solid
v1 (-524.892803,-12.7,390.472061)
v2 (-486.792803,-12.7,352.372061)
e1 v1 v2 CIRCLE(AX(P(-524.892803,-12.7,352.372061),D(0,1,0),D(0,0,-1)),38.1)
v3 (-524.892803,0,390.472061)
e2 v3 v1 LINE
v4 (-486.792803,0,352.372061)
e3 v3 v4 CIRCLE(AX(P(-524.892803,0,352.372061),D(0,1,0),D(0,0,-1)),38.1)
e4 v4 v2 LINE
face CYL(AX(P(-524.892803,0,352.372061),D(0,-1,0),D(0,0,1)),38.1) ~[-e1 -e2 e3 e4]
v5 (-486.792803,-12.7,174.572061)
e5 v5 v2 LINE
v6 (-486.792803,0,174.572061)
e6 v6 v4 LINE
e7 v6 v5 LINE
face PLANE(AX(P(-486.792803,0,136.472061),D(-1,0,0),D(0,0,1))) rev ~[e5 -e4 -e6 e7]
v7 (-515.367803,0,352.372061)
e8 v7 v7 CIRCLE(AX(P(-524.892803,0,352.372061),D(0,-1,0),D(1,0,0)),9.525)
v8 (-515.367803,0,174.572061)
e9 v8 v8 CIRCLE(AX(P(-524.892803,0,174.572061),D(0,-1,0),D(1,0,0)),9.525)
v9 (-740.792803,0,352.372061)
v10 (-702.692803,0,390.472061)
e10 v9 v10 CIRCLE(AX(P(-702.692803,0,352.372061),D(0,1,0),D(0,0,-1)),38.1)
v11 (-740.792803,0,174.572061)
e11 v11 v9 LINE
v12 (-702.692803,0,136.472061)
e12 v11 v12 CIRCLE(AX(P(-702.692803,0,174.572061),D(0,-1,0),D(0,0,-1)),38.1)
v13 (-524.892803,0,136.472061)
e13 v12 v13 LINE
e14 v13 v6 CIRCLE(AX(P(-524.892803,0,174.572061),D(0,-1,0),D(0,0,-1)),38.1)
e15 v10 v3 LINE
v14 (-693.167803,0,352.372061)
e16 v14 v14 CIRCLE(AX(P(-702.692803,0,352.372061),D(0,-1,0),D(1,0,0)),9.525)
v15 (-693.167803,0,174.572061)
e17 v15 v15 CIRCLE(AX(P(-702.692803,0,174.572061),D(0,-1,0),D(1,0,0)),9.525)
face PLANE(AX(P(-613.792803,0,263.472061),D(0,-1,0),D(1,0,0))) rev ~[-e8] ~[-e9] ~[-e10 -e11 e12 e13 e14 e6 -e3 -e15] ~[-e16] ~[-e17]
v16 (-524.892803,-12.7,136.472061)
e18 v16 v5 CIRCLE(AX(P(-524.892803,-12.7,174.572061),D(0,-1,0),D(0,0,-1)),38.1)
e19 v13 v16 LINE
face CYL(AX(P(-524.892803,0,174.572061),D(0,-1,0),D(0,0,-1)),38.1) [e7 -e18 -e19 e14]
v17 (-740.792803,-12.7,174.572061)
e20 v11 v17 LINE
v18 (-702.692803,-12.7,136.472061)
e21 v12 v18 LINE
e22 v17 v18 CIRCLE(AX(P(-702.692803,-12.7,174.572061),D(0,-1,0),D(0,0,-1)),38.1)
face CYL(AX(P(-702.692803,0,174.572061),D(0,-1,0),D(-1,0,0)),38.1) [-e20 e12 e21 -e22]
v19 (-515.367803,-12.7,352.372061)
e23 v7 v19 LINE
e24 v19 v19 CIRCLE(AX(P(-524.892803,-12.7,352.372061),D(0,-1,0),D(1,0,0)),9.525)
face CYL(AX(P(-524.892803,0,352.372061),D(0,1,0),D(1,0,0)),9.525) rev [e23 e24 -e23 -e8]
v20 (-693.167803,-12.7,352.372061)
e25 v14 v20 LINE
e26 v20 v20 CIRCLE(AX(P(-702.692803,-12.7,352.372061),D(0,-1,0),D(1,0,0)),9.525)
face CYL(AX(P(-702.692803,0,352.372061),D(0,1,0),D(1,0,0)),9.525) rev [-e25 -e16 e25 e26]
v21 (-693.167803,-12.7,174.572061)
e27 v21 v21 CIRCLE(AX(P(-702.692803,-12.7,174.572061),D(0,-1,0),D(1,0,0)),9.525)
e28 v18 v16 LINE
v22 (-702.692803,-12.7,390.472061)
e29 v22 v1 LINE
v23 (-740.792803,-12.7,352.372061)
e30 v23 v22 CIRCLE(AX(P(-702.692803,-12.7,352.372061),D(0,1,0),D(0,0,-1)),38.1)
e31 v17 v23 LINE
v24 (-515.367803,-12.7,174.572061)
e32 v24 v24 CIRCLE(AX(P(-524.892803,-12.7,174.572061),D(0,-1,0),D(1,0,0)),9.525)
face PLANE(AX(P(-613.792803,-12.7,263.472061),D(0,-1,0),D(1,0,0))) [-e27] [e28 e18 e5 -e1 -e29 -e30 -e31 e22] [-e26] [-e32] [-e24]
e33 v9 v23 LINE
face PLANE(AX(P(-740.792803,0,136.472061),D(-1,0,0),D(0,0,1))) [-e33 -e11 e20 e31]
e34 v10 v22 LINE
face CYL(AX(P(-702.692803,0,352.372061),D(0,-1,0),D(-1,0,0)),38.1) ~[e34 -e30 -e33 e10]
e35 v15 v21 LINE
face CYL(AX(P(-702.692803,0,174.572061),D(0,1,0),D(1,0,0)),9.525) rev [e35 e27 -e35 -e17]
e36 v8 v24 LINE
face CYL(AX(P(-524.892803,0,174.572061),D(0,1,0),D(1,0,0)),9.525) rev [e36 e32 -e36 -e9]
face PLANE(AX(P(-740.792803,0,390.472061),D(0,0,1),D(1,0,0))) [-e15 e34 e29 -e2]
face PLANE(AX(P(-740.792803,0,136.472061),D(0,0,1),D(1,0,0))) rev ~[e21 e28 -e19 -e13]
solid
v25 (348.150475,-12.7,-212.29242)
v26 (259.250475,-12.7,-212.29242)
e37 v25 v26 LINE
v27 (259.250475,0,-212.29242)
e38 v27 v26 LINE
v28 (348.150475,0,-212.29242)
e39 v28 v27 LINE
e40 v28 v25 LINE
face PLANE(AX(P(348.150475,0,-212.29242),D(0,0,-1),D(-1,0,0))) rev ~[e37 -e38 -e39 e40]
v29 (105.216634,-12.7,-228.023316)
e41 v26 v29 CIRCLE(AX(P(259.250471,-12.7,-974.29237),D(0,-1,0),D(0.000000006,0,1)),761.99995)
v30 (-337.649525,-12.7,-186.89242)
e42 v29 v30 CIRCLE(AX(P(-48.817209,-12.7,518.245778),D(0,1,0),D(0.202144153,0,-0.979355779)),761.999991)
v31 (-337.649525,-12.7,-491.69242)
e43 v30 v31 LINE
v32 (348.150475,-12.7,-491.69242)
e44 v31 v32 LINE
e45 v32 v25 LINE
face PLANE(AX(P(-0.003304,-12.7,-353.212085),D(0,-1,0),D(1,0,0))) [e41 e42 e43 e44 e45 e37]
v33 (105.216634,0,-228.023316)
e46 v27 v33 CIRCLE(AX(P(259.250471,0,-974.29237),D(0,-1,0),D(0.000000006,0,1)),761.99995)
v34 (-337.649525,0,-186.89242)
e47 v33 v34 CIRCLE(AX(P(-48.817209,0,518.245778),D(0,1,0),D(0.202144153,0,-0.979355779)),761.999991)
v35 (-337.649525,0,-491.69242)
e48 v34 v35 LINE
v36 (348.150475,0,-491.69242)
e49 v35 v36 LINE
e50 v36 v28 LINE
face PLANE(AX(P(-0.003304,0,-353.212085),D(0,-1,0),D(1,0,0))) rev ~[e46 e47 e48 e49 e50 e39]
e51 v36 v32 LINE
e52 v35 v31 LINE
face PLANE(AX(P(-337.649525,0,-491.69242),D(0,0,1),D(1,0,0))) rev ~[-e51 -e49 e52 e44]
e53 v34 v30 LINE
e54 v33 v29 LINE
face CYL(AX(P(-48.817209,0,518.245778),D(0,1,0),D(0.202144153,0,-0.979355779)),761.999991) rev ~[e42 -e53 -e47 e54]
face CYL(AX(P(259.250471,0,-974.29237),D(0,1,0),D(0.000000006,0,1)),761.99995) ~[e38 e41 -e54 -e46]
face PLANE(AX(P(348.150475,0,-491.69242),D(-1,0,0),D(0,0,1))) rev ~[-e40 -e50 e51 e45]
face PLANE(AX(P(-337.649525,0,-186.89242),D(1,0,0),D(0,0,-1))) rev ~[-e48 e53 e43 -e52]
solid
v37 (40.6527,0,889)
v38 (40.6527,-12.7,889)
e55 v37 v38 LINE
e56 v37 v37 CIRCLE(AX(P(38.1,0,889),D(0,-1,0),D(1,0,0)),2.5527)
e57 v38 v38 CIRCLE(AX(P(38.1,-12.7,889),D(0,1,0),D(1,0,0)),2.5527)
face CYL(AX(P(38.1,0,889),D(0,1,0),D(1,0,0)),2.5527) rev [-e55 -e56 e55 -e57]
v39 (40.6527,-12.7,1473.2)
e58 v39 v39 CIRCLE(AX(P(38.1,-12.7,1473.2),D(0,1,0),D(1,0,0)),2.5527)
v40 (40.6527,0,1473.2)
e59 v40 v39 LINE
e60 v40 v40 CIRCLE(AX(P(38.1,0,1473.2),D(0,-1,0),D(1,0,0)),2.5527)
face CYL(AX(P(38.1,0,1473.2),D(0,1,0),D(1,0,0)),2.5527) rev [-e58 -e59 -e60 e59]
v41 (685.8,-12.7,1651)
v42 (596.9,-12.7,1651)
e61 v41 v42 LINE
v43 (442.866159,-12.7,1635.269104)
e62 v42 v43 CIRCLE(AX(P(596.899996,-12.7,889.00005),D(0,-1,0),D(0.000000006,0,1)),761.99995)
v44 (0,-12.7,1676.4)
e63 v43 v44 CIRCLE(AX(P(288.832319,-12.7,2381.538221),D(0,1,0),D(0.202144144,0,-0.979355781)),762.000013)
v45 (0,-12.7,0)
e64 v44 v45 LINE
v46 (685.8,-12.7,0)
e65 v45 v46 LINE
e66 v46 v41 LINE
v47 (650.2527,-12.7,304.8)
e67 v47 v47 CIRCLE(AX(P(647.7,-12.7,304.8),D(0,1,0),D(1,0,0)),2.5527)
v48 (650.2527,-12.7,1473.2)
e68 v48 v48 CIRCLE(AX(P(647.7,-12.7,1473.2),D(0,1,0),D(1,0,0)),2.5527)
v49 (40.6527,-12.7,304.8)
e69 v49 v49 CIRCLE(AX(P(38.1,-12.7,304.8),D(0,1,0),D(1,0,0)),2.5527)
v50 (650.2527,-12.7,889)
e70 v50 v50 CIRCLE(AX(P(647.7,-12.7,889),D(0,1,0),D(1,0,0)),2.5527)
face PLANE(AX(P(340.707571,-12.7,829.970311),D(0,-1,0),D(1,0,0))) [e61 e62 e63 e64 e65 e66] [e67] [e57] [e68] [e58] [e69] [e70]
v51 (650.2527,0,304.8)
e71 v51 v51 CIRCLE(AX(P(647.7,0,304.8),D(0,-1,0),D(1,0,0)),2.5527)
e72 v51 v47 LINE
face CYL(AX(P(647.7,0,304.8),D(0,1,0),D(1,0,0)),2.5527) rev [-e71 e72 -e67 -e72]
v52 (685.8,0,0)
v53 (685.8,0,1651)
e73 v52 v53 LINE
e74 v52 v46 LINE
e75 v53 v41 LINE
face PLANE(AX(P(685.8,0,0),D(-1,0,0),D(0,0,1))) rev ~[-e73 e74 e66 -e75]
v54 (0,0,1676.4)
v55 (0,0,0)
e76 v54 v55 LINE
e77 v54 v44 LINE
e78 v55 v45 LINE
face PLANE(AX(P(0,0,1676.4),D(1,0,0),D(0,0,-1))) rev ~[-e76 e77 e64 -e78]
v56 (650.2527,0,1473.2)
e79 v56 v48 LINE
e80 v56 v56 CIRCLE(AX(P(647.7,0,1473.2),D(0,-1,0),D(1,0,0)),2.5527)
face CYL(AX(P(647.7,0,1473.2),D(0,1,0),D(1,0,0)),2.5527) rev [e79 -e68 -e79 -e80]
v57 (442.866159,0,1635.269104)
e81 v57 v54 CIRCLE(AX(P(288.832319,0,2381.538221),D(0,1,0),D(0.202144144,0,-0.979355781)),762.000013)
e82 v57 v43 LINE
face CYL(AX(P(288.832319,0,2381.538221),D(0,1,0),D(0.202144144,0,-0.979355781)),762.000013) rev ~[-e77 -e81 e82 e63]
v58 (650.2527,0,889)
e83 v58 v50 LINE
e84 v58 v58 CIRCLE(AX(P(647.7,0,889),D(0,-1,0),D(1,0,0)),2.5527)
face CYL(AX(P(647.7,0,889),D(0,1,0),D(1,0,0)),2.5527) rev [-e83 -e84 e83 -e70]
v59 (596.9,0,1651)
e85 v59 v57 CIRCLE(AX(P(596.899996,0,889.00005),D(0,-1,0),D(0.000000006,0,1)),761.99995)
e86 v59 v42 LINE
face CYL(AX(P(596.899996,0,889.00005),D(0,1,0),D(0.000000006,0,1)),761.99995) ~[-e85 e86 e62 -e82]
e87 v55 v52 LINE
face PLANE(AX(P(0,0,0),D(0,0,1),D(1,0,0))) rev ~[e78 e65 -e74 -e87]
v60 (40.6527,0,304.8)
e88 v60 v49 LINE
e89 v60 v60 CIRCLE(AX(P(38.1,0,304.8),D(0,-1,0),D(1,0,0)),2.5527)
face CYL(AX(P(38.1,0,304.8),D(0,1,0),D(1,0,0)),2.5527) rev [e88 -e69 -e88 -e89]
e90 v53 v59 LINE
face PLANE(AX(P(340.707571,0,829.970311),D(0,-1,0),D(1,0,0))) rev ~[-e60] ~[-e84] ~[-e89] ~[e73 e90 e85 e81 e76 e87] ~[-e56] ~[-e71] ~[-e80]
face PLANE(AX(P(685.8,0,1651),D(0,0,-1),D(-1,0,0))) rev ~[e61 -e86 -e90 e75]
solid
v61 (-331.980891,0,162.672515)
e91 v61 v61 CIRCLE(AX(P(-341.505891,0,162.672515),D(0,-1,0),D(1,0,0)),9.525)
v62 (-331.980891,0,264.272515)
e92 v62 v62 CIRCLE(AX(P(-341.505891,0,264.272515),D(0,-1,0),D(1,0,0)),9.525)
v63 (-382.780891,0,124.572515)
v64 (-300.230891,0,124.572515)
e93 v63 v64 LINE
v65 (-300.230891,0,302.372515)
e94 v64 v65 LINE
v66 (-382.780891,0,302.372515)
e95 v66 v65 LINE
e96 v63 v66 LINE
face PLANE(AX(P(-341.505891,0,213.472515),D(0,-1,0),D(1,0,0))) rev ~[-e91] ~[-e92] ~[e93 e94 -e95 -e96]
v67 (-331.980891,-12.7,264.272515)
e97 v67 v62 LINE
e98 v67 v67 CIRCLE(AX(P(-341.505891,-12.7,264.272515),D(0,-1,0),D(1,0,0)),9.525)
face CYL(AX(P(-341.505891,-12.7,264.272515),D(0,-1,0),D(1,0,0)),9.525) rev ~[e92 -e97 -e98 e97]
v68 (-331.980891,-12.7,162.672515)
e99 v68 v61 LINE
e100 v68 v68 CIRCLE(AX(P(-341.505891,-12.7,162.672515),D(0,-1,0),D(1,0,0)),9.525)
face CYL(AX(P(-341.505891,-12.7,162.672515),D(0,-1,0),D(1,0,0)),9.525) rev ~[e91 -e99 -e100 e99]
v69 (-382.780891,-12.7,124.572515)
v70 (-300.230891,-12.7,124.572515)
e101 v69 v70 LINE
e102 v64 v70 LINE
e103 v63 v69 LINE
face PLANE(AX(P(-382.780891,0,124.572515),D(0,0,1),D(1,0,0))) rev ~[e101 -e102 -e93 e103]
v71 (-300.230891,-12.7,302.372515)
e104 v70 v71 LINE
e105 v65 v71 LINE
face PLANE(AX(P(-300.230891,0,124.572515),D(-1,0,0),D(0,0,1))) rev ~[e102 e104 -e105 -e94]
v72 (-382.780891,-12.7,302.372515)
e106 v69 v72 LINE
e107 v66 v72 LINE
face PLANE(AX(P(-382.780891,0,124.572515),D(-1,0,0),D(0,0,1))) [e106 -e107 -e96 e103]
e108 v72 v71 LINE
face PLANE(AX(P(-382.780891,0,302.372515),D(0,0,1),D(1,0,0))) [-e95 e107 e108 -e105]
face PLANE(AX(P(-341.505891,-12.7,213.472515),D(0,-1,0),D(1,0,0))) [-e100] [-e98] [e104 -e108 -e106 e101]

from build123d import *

# Parameters (mm, degrees)
F1_DEPTH  = 12.7
F2_R      = 2.5527
F3_DEPTH  = 12.701
F4_W      = 254
F4_H      = 254
F4_R      = 9.525
F5_DEPTH  = 12.7
F6_R      = 38.1
F7_W      = 82.55
F7_H      = 177.8
F8_DEPTH  = 12.7
F9_R      = 9.525
F10_DEPTH = 12.701
F12_DEPTH = 12.7


with BuildPart() as f1:
    # F0 (on Front) → F1 (new body)
    with BuildSketch(Plane.XZ):
        with BuildLine():
            Line((0, 1651), (0, 0))
            Line((0, 0), (685.8, 0))
            Line((685.8, 0), (685.8, 1651))
            Line((685.8, 1651), (596.9, 1651))
            ThreePointArc((596.9, 1651), (519.482487, 1647.057075), (442.866159, 1635.269104))
            ThreePointArc((442.866159, 1635.269104), (218.36534, 1622.803469), (0, 1676.4))
            Line((0, 1676.4), (0, 1651))
        make_face()
    extrude(amount=F1_DEPTH)

    # F2 (on Front) → F3 (cut, through all)
    with BuildSketch(Plane.XZ):
        with Locations((38.1, 1473.2)):
            Circle(F2_R)
        with Locations((38.1, 889)):
            Circle(F2_R)
        with Locations((38.1, 304.8)):
            Circle(F2_R)
        with Locations((647.7, 1473.2)):
            Circle(F2_R)
        with Locations((647.7, 889)):
            Circle(F2_R)
        with Locations((647.7, 304.8)):
            Circle(F2_R)
    extrude(amount=F3_DEPTH, mode=Mode.SUBTRACT)


with BuildPart() as f5:
    # F4 (on Front) → F5 (new body)
    with BuildSketch(Plane.XZ):
        with Locations((-613.792803, 263.472061)):
            Rectangle(F4_W, F4_H)
        with Locations((-702.692803, 174.572061)):
            Circle(F4_R, mode=Mode.SUBTRACT)
        with Locations((-524.892803, 174.572061)):
            Circle(F4_R, mode=Mode.SUBTRACT)
        with Locations((-702.692803, 352.372061)):
            Circle(F4_R, mode=Mode.SUBTRACT)
        with Locations((-524.892803, 352.372061)):
            Circle(F4_R, mode=Mode.SUBTRACT)
    extrude(amount=F5_DEPTH)

    # F6
    f6_edges = [f5.edges().sort_by_distance(p)[0] for p in [
        (-486.792803, -6.35, 390.472061),
        (-740.792803, -6.35, 390.472061),
        (-486.792803, -6.35, 136.472061),
        (-740.792803, -6.35, 136.472061),
    ]]
    fillet(f6_edges, radius=F6_R)


with BuildPart() as f8:
    # F7 (on Front) → F8 (new body)
    with BuildSketch(Plane.XZ):
        with Locations((-341.505891, 213.472515)):
            Rectangle(F7_W, F7_H)
    extrude(amount=F8_DEPTH)

    # F9 (on face) → F10 (cut, through all)
    with BuildSketch(Plane.XZ.offset(12.7)):
        with Locations((-341.505891, 264.272515)):
            Circle(F9_R)
        with Locations((-341.505891, 162.672515)):
            Circle(F9_R)
    extrude(amount=-F10_DEPTH, mode=Mode.SUBTRACT)


with BuildPart() as f12:
    # F11 (on Front) → F12 (new body)
    with BuildSketch(Plane.XZ):
        with BuildLine():
            Line((-337.649525, -186.89242), (-337.649525, -491.69242))
            Line((-337.649525, -491.69242), (348.150475, -491.69242))
            Line((348.150475, -491.69242), (348.150475, -212.29242))
            Line((348.150475, -212.29242), (259.250475, -212.29242))
            ThreePointArc((259.250475, -212.29242), (181.832962, -216.235345), (105.216634, -228.023316))
            ThreePointArc((105.216634, -228.023316), (-119.284185, -240.488952), (-337.649525, -186.89242))
        make_face()
    extrude(amount=F12_DEPTH)


solid = Compound([f1.part, f5.part, f8.part, f12.part])
